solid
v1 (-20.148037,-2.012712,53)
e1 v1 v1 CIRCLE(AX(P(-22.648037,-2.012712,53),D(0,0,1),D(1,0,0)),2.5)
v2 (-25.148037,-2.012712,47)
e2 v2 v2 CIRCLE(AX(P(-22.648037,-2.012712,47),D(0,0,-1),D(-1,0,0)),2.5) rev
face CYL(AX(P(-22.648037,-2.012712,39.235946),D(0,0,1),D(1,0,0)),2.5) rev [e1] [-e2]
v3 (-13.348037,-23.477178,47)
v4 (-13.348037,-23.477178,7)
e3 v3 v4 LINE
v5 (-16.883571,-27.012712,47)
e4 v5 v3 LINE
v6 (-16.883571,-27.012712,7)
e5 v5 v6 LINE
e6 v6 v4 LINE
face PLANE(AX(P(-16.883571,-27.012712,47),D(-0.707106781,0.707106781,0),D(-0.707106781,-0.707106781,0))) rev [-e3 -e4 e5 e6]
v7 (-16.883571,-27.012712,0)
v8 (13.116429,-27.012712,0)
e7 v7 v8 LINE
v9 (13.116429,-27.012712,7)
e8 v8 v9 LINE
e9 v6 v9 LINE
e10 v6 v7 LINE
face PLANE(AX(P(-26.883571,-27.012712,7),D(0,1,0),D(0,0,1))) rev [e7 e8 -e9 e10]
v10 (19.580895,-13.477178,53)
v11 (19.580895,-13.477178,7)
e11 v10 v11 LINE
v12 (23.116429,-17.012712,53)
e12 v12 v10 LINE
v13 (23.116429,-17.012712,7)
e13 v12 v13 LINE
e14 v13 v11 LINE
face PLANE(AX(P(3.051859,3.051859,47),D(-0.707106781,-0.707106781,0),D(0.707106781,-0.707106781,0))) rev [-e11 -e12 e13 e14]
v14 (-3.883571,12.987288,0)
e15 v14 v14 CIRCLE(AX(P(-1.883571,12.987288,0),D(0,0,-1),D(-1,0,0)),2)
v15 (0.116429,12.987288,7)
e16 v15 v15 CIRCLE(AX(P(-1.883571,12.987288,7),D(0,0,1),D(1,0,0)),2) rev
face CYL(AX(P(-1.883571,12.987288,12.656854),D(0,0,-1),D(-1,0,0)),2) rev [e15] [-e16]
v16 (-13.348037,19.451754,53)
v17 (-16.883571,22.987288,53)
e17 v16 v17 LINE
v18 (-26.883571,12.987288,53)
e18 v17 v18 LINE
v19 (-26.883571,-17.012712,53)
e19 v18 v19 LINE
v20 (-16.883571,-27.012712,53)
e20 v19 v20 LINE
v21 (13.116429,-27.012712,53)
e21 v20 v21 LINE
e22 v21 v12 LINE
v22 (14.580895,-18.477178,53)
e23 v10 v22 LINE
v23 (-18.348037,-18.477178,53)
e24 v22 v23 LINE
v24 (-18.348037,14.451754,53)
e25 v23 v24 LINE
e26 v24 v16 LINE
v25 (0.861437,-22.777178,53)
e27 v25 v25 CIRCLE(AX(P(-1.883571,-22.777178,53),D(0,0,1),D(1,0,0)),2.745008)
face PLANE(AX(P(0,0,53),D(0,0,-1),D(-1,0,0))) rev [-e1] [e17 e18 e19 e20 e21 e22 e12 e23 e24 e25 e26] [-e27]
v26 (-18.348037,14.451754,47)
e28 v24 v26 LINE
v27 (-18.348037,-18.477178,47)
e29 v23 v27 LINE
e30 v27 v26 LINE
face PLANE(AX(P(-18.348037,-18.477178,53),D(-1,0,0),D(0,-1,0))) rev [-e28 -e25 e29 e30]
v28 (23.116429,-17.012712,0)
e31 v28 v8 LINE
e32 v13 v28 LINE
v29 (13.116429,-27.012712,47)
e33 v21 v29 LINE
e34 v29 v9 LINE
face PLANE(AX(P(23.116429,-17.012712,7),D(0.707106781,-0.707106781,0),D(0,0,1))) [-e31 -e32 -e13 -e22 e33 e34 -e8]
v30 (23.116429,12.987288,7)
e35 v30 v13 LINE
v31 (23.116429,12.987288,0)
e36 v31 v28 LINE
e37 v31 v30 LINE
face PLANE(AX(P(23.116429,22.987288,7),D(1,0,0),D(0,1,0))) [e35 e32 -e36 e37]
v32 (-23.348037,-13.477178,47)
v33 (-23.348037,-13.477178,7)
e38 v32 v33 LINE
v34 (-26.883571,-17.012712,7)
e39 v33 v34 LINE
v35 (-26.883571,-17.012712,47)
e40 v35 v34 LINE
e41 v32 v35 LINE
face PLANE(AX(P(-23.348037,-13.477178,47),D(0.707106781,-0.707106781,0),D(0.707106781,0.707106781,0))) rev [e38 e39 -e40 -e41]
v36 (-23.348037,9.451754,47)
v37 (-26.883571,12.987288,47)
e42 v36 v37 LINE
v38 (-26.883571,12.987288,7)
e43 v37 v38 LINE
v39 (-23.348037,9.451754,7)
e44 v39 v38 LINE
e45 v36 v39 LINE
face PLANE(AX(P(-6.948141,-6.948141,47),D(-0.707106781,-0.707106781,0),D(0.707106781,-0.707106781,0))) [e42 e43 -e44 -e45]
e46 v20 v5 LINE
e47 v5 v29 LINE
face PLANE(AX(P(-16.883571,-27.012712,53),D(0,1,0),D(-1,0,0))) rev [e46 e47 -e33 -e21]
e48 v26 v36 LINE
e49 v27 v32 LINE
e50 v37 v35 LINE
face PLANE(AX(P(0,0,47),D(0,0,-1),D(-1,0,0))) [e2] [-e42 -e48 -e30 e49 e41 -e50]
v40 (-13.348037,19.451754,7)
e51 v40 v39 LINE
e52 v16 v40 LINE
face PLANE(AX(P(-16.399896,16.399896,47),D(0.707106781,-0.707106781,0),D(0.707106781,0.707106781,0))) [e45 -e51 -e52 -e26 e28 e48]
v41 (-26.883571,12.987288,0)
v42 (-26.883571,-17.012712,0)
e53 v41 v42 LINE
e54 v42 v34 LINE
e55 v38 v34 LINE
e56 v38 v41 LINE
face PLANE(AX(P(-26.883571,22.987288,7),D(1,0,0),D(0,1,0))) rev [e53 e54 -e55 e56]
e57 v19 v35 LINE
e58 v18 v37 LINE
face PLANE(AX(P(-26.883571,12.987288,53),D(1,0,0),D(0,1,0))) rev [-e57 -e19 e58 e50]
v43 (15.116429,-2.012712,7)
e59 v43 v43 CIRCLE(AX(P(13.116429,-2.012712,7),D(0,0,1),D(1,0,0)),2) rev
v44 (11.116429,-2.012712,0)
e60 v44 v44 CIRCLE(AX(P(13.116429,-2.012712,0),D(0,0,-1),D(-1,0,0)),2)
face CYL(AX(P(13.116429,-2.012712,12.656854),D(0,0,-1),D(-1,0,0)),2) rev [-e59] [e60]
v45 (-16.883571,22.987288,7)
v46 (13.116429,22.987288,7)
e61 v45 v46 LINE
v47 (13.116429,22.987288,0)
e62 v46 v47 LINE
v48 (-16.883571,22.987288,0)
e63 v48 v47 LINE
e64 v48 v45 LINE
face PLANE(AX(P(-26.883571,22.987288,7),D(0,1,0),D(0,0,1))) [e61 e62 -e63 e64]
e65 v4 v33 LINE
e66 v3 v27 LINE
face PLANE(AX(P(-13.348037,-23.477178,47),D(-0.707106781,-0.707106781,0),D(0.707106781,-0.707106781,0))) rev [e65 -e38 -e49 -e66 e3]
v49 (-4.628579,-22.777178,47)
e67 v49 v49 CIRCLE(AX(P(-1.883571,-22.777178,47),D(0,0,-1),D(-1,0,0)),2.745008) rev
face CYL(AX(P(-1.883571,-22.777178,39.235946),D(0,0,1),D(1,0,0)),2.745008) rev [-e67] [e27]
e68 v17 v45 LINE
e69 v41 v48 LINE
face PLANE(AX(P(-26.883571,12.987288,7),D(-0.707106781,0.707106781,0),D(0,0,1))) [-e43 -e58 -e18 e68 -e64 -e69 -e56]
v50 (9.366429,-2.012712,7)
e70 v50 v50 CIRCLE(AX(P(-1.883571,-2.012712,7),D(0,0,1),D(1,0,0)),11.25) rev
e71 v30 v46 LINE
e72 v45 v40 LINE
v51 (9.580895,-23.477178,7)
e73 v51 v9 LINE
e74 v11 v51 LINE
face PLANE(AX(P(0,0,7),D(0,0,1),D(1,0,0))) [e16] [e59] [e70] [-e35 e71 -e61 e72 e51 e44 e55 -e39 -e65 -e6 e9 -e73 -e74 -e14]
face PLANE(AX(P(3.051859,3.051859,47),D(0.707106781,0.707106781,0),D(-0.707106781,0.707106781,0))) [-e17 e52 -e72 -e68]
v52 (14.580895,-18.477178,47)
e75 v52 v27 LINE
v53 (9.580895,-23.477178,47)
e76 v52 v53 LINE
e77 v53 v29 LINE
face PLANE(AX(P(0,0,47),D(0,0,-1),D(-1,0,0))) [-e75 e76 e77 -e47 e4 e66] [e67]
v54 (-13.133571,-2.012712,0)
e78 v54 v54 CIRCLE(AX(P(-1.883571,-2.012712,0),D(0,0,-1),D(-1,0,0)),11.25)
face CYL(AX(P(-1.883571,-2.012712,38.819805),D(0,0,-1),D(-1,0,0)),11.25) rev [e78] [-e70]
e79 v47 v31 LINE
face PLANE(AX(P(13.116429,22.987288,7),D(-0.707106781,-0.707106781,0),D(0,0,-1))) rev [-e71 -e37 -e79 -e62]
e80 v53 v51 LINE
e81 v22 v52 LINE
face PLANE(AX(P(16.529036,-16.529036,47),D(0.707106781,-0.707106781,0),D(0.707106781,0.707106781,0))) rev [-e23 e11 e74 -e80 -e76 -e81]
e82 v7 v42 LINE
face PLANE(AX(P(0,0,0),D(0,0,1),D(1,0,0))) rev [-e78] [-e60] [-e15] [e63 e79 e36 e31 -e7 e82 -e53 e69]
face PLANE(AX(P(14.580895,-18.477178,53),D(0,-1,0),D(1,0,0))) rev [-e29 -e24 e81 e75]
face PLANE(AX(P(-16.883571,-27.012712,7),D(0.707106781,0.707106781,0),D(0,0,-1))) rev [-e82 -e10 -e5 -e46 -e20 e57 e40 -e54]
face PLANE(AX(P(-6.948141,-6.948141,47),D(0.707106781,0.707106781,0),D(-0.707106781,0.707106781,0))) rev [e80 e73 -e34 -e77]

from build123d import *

# Parameters (mm, degrees)
ESQUISSE1_W             = 50
ESQUISSE1_H             = 50
BOSS_EXTRU_1_DEPTH      = 7
CHANFREIN1_SIZE         = 10
BOSS_EXTRU_2_DEPTH      = 40
BOSS_EXTRU_3_DEPTH      = 6
ESQUISSE5_R             = 11.25
ENL_V_MAT_EXTRU_1_DEPTH = 7
ESQUISSE6_R             = 2.5
ESQUISSE6_R_2           = 2.745007664
ENL_V_MAT_EXTRU_2_DEPTH = 6
ESQUISSE7_R             = 2
ENL_V_MAT_EXTRU_3_DEPTH = 7


with BuildPart() as part:
    # Esquisse1 → Boss.-Extru.1 (new body)
    with BuildSketch(Plane.XY):
        with Locations((-1.883571087, -2.012711864)):
            Rectangle(ESQUISSE1_W, ESQUISSE1_H)
    extrude(amount=BOSS_EXTRU_1_DEPTH)

    # Chanfrein1
    chanfrein1_edges = [part.edges().sort_by_distance(p)[0] for p in [
        (-26.883571087, 22.987288136, 3.5),
        (23.116428913, 22.987288136, 3.5),
        (23.116428913, -27.012711864, 3.5),
        (-26.883571087, -27.012711864, 3.5),
    ]]
    chamfer(chanfrein1_edges, length=CHANFREIN1_SIZE)

    # Esquisse2 → Boss.-Extru.2 (add)
    with BuildSketch(Plane.XY.offset(7)):
        Polygon((-23.348037181, 9.45175423), (-26.883571087, 12.987288136), (-16.883571087, 22.987288136), (-13.348037181, 19.45175423), align=None)
        Polygon((19.580895007, -13.477177958), (9.580895007, -23.477177958), (13.116428913, -27.012711864), (23.116428913, -17.012711864), align=None)
        Polygon((-13.348037181, -23.477177958), (-23.348037181, -13.477177958), (-26.883571087, -17.012711864), (-16.883571087, -27.012711864), align=None)
    extrude(amount=BOSS_EXTRU_2_DEPTH)

    # Esquisse4 → Boss.-Extru.3 (add)
    with BuildSketch(Plane.XY.offset(47)):
        Polygon((-18.348037181, 14.45175423), (-13.348037181, 19.45175423), (-16.883571087, 22.987288136), (-26.883571087, 12.987288136), (-26.883571087, -17.012711864), (-16.883571087, -27.012711864), (13.116428913, -27.012711864), (23.116428913, -17.012711864), (19.580895007, -13.477177958), (14.580895007, -18.477177958), (-18.348037181, -18.477177958), align=None)
    extrude(amount=BOSS_EXTRU_3_DEPTH)

    # Esquisse5 → Enlèv. mat.-Extru.1 (cut)
    with BuildSketch(Plane(origin=(0, 0, 0), x_dir=(-1, 0, 0), z_dir=(0, 0, -1))):
        with Locations((1.883571087, -2.012711864)):
            Circle(ESQUISSE5_R)
    extrude(amount=-ENL_V_MAT_EXTRU_1_DEPTH, mode=Mode.SUBTRACT)

    # Esquisse6 → Enlèv. mat.-Extru.2 (cut)
    with BuildSketch(Plane.XY.offset(53)):
        with Locations((-22.648037181, -2.012711864)):
            Circle(ESQUISSE6_R)
        with Locations((-1.883571087, -22.777177958)):
            Circle(ESQUISSE6_R_2)
    extrude(amount=-ENL_V_MAT_EXTRU_2_DEPTH, mode=Mode.SUBTRACT)

    # Esquisse7 → Enlèv. mat.-Extru.3 (cut)
    with BuildSketch(Plane(origin=(0, 0, 0), x_dir=(-1, 0, 0), z_dir=(0, 0, -1))):
        with Locations((1.883571087, 12.987288136)):
            Circle(ESQUISSE7_R)
        with Locations((-13.116428913, -2.012711864)):
            Circle(ESQUISSE7_R)
    extrude(amount=-ENL_V_MAT_EXTRU_3_DEPTH, mode=Mode.SUBTRACT)


solid = part.part
